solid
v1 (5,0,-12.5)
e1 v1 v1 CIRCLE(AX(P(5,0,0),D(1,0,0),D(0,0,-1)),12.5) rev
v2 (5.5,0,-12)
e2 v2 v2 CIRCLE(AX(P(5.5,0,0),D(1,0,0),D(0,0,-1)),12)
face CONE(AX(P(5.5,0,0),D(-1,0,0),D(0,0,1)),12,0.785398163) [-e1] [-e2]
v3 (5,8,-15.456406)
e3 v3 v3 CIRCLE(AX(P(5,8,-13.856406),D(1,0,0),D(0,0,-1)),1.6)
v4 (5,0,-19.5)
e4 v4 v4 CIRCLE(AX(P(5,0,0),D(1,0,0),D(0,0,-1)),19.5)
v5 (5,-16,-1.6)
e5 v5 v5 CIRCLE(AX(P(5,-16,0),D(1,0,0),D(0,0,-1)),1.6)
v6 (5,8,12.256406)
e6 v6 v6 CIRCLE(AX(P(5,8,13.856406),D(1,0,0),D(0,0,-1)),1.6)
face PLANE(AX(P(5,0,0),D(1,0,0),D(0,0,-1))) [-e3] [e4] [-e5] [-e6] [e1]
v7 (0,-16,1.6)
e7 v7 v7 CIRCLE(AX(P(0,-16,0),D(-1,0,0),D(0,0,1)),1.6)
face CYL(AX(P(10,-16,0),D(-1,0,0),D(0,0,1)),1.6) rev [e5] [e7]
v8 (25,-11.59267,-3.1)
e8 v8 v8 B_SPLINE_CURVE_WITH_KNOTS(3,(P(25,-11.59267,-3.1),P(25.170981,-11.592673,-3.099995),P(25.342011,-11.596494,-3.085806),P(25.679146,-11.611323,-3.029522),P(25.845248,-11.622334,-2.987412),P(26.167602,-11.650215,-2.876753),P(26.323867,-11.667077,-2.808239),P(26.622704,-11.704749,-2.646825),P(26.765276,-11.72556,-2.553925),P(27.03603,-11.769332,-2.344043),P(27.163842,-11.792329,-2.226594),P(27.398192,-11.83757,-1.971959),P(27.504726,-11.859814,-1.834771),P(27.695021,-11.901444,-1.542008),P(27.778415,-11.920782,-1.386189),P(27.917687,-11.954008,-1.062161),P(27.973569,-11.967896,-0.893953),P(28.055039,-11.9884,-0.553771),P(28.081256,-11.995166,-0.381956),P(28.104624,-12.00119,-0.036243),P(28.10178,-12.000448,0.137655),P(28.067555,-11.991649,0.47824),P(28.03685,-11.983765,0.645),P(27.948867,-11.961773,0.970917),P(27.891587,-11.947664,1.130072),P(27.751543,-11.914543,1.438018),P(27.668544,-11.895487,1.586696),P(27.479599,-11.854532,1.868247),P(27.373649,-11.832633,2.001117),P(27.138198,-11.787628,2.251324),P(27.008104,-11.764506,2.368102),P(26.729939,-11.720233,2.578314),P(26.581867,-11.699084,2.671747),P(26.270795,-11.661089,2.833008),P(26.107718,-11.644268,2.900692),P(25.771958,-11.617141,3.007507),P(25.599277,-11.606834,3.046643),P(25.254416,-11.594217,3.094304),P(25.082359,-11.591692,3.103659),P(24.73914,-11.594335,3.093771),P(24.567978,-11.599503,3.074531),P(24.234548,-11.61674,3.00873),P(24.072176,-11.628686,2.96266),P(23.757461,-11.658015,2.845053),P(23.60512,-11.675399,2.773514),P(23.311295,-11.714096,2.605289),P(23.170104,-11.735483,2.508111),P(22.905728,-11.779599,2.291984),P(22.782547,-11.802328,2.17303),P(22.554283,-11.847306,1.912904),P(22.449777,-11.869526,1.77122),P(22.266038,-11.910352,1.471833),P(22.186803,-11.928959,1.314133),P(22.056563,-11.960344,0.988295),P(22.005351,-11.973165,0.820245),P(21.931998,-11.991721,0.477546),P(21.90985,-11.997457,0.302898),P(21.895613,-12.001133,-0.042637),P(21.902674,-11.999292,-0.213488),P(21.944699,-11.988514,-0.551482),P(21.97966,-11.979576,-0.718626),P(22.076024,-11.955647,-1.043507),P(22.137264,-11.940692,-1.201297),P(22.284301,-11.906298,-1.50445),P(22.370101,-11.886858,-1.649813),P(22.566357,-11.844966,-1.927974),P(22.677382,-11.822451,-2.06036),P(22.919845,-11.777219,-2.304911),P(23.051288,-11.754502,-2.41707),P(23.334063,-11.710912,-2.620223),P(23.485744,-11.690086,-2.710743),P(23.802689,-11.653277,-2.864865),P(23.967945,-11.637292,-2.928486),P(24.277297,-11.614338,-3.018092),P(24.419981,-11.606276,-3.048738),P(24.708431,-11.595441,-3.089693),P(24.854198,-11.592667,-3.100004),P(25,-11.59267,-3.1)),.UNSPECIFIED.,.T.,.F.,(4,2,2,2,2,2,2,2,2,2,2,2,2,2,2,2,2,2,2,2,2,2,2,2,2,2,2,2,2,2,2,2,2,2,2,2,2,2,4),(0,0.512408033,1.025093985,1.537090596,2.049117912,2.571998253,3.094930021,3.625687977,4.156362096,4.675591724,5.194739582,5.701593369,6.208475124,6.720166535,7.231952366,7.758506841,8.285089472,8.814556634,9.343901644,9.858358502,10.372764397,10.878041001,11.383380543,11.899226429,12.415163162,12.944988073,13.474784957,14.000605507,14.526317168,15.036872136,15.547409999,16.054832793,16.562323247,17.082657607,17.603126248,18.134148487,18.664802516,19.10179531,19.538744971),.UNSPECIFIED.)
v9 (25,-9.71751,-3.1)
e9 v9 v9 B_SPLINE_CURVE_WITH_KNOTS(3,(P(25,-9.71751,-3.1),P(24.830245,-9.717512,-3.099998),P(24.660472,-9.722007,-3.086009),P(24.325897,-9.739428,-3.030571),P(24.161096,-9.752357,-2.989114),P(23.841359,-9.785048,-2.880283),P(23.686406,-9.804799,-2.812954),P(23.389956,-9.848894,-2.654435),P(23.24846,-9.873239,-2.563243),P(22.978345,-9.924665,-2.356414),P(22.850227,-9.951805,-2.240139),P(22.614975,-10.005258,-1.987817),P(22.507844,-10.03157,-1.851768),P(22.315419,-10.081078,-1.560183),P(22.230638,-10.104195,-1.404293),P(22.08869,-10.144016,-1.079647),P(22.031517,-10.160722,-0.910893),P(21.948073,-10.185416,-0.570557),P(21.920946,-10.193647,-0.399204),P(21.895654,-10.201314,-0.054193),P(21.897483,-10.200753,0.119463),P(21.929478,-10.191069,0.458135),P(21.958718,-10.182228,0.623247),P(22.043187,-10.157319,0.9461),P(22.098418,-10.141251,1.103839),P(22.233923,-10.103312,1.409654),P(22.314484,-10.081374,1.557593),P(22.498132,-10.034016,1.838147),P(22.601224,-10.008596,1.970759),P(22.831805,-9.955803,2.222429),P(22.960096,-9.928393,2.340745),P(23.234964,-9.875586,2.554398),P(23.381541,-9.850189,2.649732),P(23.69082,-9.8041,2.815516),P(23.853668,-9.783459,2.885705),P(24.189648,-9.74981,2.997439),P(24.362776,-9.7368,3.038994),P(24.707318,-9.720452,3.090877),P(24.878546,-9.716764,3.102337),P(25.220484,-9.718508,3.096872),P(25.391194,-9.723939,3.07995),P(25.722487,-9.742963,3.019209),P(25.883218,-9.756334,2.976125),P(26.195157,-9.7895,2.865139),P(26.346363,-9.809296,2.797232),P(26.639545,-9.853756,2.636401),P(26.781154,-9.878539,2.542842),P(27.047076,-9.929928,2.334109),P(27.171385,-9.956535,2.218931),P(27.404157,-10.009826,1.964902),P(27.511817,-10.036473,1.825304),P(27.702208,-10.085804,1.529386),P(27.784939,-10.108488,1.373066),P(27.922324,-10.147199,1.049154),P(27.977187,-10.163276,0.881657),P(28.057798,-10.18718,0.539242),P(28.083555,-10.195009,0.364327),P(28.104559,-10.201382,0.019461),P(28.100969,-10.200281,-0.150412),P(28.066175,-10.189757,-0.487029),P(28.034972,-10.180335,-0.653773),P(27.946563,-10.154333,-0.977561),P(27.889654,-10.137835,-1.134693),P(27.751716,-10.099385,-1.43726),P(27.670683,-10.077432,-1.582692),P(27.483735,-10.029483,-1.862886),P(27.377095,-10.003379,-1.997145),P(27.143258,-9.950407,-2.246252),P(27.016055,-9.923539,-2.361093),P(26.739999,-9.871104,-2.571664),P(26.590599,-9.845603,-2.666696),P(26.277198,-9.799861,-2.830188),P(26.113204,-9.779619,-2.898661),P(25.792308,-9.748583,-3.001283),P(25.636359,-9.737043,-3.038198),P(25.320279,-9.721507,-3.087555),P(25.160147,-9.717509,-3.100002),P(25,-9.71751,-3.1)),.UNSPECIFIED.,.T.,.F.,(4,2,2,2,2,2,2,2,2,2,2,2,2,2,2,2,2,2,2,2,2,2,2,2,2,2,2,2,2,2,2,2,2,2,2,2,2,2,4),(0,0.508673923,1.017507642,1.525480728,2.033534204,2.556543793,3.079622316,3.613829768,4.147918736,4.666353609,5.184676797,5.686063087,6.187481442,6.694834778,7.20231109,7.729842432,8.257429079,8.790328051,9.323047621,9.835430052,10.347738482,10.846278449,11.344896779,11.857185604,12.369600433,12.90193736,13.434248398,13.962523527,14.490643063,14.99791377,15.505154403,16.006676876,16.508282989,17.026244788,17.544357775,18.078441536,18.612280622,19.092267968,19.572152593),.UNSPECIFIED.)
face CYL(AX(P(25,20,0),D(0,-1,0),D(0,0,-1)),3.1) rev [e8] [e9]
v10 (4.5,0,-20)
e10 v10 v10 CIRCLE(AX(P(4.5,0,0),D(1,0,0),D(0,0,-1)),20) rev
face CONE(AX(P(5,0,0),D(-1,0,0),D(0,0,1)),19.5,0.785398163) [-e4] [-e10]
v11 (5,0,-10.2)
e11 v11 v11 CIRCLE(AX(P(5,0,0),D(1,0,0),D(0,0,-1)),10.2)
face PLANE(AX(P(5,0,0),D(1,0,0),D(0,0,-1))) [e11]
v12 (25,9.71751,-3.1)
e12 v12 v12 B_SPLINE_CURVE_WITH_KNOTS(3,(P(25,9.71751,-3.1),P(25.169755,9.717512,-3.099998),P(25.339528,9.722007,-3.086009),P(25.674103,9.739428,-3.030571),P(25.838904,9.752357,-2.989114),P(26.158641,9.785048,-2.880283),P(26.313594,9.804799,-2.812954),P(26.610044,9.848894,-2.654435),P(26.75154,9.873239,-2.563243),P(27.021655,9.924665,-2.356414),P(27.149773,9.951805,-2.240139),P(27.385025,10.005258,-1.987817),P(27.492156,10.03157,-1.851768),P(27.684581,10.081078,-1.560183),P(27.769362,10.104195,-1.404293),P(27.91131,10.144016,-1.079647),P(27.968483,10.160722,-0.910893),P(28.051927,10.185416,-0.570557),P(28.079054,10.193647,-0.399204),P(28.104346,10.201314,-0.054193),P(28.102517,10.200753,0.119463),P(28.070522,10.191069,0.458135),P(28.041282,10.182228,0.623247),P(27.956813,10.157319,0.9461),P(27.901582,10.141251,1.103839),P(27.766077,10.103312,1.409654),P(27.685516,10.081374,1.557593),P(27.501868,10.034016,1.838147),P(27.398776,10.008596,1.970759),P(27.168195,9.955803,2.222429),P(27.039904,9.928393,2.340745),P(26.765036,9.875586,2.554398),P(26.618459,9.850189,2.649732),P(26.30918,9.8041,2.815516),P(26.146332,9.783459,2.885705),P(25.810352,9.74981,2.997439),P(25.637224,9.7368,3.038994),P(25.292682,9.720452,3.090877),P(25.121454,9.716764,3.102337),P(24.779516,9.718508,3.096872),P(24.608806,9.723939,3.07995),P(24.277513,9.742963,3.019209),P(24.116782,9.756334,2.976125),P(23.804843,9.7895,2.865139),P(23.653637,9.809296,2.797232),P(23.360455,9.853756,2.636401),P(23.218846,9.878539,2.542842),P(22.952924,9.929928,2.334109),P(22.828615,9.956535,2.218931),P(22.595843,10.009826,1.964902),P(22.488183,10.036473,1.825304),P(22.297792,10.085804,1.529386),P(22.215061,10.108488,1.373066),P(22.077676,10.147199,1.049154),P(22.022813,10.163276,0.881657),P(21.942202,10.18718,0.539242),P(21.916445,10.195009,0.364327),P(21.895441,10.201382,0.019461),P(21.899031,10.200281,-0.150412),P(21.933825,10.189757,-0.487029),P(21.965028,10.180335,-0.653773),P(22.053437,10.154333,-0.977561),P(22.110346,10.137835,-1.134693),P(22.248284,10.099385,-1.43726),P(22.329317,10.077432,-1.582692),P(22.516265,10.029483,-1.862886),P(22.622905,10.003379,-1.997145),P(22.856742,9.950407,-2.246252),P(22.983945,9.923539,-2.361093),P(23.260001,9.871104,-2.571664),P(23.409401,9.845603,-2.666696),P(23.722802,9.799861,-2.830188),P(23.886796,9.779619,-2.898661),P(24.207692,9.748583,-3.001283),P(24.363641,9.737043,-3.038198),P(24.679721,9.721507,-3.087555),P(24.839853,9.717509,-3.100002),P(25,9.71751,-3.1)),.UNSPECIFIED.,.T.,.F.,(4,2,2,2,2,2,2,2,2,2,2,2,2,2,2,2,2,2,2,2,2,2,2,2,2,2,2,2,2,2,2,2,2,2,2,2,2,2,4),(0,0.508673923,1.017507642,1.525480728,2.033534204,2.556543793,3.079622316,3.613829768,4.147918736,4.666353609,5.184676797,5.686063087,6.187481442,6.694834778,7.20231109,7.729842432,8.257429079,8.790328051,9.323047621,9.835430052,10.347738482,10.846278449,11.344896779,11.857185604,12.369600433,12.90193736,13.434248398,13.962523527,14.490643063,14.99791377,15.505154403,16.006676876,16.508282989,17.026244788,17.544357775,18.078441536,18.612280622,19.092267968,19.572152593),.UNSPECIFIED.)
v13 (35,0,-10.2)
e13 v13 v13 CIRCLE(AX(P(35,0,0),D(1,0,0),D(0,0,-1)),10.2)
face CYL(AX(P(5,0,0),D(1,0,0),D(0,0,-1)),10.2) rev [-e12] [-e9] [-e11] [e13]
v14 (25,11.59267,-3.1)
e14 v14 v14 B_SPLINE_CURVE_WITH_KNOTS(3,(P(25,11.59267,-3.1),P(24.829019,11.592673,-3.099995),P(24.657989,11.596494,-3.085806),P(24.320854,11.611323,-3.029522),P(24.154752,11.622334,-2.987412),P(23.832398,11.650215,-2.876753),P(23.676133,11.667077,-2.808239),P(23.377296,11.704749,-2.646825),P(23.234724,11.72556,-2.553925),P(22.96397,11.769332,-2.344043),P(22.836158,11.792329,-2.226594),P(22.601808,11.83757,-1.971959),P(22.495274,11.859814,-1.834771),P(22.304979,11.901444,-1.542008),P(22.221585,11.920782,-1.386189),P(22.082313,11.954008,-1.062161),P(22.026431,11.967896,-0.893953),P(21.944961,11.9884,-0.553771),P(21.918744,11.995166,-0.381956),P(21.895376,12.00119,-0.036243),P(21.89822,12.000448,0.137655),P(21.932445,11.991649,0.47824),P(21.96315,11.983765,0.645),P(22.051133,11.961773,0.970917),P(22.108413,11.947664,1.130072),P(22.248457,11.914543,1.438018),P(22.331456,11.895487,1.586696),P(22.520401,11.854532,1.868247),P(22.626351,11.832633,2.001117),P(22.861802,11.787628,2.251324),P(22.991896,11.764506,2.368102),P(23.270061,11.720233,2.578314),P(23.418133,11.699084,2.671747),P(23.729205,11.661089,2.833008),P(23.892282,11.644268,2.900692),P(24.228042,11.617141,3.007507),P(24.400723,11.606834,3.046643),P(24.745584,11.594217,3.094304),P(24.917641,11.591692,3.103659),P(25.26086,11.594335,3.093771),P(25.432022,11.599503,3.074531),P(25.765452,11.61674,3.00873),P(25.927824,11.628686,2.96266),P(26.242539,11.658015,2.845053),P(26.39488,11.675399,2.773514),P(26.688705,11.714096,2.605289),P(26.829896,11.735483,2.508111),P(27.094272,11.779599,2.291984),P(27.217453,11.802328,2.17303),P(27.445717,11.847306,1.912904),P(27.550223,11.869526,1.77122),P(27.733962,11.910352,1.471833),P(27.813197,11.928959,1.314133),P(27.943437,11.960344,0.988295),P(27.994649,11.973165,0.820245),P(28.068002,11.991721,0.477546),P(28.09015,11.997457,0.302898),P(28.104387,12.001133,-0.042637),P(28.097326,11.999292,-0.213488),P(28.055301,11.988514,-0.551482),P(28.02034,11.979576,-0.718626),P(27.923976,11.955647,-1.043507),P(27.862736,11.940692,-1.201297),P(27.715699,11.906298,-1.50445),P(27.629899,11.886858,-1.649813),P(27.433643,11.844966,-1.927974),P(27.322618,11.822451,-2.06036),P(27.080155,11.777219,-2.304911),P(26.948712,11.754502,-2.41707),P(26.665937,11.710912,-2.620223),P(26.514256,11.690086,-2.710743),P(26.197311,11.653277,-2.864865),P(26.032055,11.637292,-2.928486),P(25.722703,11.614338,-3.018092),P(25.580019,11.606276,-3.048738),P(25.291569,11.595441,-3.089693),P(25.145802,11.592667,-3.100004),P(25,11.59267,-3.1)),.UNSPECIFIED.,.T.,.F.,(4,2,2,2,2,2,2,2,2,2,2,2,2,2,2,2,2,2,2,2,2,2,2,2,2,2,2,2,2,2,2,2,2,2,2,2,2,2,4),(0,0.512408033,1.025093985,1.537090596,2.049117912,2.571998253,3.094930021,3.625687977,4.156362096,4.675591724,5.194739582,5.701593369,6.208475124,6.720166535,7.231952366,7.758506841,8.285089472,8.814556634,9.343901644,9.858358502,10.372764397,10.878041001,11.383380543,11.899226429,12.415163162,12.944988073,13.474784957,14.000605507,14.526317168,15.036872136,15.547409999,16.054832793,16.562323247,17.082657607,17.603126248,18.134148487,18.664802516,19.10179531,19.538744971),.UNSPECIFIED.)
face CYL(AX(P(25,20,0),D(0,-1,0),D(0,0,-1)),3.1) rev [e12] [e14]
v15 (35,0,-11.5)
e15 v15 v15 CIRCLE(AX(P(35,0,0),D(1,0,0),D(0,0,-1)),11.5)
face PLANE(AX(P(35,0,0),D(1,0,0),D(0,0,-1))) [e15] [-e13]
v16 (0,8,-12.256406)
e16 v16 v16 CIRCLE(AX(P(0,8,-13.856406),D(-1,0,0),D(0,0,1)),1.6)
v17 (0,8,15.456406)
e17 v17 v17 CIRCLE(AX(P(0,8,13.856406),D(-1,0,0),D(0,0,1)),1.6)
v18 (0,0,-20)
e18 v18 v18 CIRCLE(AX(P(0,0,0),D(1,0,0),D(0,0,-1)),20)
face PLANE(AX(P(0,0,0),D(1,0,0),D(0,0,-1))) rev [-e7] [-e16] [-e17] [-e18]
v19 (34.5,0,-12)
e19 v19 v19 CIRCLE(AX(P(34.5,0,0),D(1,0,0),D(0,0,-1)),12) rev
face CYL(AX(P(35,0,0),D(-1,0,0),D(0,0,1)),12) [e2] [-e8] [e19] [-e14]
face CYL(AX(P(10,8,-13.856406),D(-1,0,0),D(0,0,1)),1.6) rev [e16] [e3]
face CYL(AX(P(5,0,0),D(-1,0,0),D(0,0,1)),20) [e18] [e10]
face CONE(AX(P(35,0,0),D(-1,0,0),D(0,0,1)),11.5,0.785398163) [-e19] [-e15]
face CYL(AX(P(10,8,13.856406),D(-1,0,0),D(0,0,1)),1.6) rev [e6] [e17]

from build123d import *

# Parameters (mm, degrees)
SKETCH_1_R               = 20
EXTRUDE_1_DEPTH          = 5
SKETCH_6_R               = 12
EXTRUDE_2_DEPTH          = 30
SKETCH_7_R               = 10.2
CUT_EXTRUDE_2_DEPTH      = 30
CHAMFER_1_SIZE           = 0.5
CUT_EXTRUDE_3_DEPTH      = 46
CUT_EXTRUDE_3_DEPTH_BACK = 46
SKETCH_8_R               = 3.1
CHAMFER_2_SIZE           = 0.5
CHAMFER_3_SIZE           = 0.5
SKETCH_9_R               = 1.6
CUT_EXTRUDE_4_DEPTH      = 10


with BuildPart() as part:
    # 草图1 → 凸台-拉伸1 (new body)
    with BuildSketch(Plane(origin=(0, 0, 0), x_dir=(0, 0, -1), z_dir=(1, 0, 0))):
        Circle(SKETCH_1_R)
    extrude(amount=EXTRUDE_1_DEPTH)

    # 草图6 → 凸台-拉伸2 (add)
    with BuildSketch(Plane(origin=(5, 0, 0), x_dir=(0, 0, -1), z_dir=(1, 0, 0))):
        Circle(SKETCH_6_R)
    extrude(amount=EXTRUDE_2_DEPTH)

    # 草图7 → 切除-拉伸2 (cut)
    with BuildSketch(Plane(origin=(35, 0, 0), x_dir=(0, 0, -1), z_dir=(1, 0, 0))):
        Circle(SKETCH_7_R)
    extrude(amount=-CUT_EXTRUDE_2_DEPTH, mode=Mode.SUBTRACT)

    # 倒角1
    chamfer_1_edges = [part.edges().sort_by_distance(p)[0] for p in [
        (35, 0, 12),
    ]]
    chamfer(chamfer_1_edges, length=CHAMFER_1_SIZE)

    # 草图8 → 切除-拉伸3 (cut, two sides: drawn at the far end of the back side and taken through both)
    with BuildSketch(Plane(origin=(0, 0, 0), x_dir=(1, 0, 0), z_dir=(0, 1, 0)).offset(-CUT_EXTRUDE_3_DEPTH_BACK)):
        with Locations(Location((25, 0, 0), (0, 0, 90))):
            Circle(SKETCH_8_R)
    extrude(amount=CUT_EXTRUDE_3_DEPTH + CUT_EXTRUDE_3_DEPTH_BACK, mode=Mode.SUBTRACT)

    # 倒角2
    chamfer_2_edges = [part.edges().sort_by_distance(p)[0] for p in [
        (5, 0, 20),
    ]]
    chamfer(chamfer_2_edges, length=CHAMFER_2_SIZE)

    # 倒角3
    chamfer_3_edges = [part.edges().sort_by_distance(p)[0] for p in [
        (5, 0, 12),
    ]]
    chamfer(chamfer_3_edges, length=CHAMFER_3_SIZE)

    # 草图9 → 切除-拉伸4 (cut)
    with BuildSketch(Plane.ZY):
        with Locations((-13.856406461, 8)):
            Circle(SKETCH_9_R)
        with Locations((13.856406461, 8)):
            Circle(SKETCH_9_R)
        with Locations((0, -16)):
            Circle(SKETCH_9_R)
    extrude(amount=-CUT_EXTRUDE_4_DEPTH, mode=Mode.SUBTRACT)


solid = part.part
